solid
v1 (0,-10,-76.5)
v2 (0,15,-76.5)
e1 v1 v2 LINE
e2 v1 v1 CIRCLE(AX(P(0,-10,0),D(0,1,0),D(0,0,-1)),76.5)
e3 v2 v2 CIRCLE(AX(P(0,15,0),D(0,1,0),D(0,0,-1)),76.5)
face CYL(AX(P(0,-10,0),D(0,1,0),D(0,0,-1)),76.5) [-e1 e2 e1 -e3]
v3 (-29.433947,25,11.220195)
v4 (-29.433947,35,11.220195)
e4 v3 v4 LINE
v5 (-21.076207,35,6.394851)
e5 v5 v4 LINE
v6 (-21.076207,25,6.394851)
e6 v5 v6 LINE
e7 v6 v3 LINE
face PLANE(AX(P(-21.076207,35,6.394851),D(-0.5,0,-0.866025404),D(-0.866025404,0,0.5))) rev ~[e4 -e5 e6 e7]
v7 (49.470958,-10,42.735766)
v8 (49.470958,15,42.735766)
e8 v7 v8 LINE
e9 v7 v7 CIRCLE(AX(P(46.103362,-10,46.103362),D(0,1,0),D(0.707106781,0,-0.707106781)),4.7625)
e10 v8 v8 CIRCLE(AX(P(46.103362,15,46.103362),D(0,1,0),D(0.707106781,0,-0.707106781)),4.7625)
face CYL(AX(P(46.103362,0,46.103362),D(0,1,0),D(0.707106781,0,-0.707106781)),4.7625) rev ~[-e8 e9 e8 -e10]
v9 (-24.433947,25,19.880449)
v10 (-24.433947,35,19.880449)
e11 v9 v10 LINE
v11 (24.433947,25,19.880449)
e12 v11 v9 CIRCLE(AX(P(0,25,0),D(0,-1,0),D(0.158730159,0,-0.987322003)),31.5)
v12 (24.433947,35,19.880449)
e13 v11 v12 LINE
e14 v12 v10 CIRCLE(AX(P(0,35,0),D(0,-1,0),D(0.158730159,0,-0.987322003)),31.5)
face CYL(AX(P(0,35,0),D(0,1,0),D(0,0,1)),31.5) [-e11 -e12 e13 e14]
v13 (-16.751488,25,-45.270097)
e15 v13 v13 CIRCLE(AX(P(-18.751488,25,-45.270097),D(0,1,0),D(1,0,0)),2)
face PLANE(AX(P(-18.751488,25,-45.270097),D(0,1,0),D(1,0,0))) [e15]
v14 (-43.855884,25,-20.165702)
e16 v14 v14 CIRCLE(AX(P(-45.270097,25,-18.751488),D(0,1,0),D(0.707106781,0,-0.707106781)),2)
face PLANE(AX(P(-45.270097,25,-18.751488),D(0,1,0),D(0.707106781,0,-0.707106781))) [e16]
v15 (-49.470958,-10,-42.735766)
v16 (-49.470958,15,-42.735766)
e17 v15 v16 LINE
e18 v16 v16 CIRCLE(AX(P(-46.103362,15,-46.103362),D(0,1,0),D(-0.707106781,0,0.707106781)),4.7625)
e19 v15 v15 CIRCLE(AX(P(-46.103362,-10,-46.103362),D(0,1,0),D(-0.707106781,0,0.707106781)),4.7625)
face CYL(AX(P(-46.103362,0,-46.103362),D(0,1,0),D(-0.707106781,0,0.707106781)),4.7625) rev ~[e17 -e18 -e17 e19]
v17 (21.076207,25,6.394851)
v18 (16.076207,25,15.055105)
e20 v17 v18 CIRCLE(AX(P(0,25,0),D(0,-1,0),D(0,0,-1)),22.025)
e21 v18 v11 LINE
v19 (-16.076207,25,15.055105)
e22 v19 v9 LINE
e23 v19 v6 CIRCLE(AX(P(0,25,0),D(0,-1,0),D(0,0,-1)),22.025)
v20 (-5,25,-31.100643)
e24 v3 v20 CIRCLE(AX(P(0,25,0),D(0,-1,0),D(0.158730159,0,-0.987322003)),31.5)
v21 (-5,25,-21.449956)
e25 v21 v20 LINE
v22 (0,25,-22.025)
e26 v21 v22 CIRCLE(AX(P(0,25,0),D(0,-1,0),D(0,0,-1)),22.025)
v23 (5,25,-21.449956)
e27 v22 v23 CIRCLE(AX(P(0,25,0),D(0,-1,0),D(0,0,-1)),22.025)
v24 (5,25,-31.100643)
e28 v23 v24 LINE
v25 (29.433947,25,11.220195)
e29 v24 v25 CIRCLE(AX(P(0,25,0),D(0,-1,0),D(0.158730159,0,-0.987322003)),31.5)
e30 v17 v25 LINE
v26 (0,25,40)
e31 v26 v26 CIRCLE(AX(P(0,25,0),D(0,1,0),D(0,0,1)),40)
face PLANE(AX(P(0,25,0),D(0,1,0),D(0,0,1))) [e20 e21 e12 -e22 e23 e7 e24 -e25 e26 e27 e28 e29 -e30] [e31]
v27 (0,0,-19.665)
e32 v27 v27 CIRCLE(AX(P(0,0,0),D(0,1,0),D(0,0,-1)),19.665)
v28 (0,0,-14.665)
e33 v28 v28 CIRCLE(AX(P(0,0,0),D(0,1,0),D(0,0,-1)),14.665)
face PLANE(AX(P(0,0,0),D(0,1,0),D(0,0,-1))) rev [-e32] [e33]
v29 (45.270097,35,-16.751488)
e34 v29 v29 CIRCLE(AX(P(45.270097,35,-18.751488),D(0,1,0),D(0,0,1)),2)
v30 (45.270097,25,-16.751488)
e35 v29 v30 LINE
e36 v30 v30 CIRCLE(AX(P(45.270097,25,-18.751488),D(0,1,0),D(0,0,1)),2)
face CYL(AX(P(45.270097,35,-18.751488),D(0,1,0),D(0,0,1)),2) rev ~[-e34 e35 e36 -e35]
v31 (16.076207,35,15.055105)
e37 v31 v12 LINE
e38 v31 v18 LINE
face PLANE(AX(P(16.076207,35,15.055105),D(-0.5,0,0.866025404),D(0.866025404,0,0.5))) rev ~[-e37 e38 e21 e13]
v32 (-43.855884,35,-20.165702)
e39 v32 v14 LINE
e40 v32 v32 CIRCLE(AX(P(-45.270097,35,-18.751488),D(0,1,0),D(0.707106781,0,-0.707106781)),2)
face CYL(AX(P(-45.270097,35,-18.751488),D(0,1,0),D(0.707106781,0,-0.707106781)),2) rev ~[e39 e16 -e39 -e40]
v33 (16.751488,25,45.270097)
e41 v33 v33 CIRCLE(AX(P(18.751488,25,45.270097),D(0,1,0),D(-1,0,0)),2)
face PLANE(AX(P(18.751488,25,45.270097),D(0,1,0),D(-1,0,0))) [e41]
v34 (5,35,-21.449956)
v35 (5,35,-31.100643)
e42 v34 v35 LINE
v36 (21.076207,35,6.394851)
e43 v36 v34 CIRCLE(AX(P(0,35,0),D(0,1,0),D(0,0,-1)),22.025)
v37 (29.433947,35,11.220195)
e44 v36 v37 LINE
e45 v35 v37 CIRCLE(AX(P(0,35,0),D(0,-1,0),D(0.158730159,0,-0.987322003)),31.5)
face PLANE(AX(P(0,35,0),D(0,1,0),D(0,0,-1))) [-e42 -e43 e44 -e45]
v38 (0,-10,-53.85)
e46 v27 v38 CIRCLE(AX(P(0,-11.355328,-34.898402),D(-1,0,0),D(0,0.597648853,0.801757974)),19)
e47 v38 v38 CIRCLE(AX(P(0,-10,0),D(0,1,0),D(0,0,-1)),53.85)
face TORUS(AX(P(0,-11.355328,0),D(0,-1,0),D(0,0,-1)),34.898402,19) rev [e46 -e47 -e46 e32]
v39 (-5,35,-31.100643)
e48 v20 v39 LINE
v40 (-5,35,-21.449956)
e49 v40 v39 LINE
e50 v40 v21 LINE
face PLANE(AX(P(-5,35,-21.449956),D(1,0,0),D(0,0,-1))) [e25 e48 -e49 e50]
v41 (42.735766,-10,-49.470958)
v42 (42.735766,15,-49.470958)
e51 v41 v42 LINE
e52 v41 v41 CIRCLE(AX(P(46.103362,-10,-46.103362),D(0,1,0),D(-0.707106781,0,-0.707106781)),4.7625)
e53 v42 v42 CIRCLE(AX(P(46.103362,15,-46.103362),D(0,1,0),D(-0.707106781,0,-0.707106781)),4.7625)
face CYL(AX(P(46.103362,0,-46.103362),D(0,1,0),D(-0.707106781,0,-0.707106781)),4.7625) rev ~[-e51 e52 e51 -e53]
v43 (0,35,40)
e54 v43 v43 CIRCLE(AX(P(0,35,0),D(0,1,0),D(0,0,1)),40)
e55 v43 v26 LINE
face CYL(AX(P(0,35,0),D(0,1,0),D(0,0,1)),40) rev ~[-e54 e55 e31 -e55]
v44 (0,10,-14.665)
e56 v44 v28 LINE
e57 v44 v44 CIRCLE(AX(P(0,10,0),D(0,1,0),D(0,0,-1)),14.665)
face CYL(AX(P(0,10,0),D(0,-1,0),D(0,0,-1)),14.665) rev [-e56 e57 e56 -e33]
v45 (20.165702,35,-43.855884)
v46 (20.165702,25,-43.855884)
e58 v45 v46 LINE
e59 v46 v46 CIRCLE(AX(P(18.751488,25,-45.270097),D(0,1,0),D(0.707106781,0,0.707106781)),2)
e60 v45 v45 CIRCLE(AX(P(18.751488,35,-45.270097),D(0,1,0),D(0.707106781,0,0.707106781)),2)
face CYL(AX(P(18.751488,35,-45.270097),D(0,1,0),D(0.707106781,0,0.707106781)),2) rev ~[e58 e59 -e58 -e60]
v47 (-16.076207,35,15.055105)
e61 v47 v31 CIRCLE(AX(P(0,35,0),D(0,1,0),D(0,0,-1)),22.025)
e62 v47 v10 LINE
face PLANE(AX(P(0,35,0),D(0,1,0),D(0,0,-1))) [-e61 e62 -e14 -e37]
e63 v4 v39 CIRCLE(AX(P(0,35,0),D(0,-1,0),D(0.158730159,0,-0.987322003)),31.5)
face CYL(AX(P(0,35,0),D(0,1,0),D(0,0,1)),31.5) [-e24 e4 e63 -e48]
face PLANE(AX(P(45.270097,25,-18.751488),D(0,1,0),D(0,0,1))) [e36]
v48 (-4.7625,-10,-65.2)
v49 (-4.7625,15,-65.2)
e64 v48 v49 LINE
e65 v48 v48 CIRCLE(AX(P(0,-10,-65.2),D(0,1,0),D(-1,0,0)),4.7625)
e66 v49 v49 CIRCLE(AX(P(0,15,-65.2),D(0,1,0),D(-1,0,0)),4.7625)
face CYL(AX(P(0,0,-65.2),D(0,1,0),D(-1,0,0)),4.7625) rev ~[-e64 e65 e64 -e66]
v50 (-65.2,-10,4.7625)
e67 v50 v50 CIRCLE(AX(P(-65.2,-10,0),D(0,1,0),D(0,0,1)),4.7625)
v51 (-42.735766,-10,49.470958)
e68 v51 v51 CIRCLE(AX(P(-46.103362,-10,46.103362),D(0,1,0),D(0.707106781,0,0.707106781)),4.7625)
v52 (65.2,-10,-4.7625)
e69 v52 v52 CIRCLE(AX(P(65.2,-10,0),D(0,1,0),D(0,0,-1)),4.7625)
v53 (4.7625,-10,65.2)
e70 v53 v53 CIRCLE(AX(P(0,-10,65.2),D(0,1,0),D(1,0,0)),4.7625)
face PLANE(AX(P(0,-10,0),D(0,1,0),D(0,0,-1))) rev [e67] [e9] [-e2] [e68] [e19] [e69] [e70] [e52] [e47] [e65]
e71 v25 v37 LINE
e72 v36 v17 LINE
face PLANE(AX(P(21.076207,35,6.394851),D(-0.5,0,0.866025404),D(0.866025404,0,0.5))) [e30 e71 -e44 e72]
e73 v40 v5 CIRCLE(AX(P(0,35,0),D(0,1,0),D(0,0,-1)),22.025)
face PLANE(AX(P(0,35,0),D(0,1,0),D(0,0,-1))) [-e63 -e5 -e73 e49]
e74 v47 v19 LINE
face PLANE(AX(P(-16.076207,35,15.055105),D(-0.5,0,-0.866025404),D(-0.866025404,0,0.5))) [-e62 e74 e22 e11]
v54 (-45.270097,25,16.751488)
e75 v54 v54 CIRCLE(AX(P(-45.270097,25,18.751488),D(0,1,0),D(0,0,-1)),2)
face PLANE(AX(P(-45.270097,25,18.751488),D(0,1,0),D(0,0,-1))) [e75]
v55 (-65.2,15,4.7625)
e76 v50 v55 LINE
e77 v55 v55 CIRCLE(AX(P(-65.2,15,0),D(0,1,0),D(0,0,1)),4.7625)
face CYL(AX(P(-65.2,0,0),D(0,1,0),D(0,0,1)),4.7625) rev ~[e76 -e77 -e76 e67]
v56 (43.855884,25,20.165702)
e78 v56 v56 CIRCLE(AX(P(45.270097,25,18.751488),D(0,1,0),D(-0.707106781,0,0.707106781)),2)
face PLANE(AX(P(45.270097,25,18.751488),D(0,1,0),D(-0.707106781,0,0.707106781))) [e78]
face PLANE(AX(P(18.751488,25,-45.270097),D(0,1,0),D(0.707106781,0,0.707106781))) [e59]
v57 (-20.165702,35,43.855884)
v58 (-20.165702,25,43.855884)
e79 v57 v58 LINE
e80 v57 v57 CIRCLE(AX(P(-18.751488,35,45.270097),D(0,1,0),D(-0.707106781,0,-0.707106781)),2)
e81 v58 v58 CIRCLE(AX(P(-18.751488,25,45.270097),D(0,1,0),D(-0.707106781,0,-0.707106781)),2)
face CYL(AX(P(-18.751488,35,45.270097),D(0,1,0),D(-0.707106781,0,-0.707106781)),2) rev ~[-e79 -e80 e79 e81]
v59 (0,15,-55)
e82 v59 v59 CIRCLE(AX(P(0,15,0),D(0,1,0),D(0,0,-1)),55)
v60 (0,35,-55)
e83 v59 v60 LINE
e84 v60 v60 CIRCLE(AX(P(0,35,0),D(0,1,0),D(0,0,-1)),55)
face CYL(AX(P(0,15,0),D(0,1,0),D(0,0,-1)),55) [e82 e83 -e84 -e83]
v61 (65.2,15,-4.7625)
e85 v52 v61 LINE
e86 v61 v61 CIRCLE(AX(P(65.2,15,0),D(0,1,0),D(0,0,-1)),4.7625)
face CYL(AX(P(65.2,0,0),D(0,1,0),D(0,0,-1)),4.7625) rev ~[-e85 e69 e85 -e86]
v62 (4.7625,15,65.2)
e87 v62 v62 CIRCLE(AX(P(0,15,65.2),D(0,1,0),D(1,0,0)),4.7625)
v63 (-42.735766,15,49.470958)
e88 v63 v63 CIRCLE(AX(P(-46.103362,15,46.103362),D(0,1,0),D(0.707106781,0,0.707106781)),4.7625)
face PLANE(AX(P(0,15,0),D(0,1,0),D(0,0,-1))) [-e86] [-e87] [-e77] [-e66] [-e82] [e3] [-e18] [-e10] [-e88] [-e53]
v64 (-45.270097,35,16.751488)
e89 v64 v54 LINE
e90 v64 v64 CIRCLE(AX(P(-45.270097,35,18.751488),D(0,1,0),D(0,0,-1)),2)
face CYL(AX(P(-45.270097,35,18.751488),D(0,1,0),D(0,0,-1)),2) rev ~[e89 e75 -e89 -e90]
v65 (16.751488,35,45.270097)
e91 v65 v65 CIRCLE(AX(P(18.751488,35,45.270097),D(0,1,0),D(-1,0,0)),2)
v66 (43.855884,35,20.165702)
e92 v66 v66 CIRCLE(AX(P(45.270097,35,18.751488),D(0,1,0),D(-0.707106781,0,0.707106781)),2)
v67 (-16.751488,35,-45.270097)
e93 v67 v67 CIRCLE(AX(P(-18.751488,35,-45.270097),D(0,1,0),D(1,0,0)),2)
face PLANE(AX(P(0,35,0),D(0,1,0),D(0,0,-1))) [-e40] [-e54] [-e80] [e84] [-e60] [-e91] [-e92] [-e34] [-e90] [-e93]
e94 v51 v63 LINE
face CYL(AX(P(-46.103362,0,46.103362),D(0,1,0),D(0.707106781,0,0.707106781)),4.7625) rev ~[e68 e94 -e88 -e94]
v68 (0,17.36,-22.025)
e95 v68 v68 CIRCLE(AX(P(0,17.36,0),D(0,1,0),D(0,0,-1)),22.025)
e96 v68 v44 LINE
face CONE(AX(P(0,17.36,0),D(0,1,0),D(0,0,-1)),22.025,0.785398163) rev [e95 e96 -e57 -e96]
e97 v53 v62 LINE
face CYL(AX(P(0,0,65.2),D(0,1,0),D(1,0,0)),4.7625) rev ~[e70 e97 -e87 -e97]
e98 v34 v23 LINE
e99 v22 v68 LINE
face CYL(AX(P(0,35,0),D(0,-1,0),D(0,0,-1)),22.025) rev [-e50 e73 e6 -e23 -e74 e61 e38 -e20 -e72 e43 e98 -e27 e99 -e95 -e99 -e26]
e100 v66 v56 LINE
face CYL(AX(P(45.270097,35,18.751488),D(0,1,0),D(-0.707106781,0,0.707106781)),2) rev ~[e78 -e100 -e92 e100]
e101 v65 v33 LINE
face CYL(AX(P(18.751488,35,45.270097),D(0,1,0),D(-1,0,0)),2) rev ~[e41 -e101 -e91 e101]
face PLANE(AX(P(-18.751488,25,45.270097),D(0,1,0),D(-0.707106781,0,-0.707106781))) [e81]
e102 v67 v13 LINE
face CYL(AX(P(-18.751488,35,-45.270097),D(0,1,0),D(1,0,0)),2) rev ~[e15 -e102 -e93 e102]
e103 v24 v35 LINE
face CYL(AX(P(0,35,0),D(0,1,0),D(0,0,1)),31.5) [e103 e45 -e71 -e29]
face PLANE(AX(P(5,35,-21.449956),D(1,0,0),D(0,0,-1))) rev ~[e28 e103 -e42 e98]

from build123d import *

# Parameters (mm, degrees)
SKETCH4_R          = 4.7625
CUT_EXTRUDE2_DEPTH = 114.707959264
CIRPATTERN1_COUNT  = 8
SKETCH6_R          = 40
SKETCH6_R_2        = 31.5
CUT_EXTRUDE3_DEPTH = 10
SKETCH7_W          = 10
SKETCH7_H          = 10.050043706
CUT_EXTRUDE4_DEPTH = 10
CIRPATTERN2_COUNT  = 3
SKETCH9_R          = 2
CUT_EXTRUDE5_DEPTH = 10
CIRPATTERN3_COUNT  = 8


with BuildPart() as part:
    # Sketch3 → Revolve1 (revolve)
    with BuildSketch(Plane(origin=(0, 0, 0), x_dir=(0, 0, -1), z_dir=(1, 0, 0))):
        with BuildLine():
            Line((76.5, 15), (55, 15))
            Line((55, 15), (55, 35))
            Line((55, 35), (22.025, 35))
            Line((22.025, 35), (22.025, 17.36))
            Line((22.025, 17.36), (14.665, 10))
            Line((14.665, 10), (14.665, 0))
            Line((14.665, 0), (19.665, 0))
            ThreePointArc((19.665, 0), (40.232841234, 6.880454009), (53.85, -10))
            Line((53.85, -10), (76.5, -10))
            Line((76.5, -10), (76.5, 15))
        make_face()
    revolve(axis=Axis((0, 0, 0), (0, 1, 0)))

    # Sketch4 → Cut-Extrude2 (cut, symmetric)
    with BuildSketch(Plane(origin=(0, 0, 0), x_dir=(1, 0, 0), z_dir=(0, 1, 0))):
        with Locations(Location((-65.2, 0, 0), (0, 0, 270))):
            Circle(SKETCH4_R)
    cut_extrude2 = extrude(amount=CUT_EXTRUDE2_DEPTH, both=True, mode=Mode.SUBTRACT)

    # CirPattern1: Cut-Extrude2 ×8 about axis
    cirpattern1_axis = Axis((0, 0, 0), (0, 1, 0))
    for i in range(1, CIRPATTERN1_COUNT):
        add(cut_extrude2.rotate(cirpattern1_axis, i * 360 / CIRPATTERN1_COUNT), mode=Mode.SUBTRACT)

    # Sketch6 → Cut-Extrude3 (cut)
    with BuildSketch(Plane(origin=(0, 35, 0), x_dir=(1, 0, 0), z_dir=(0, 1, 0))):
        with Locations(Location((0, 0, 0), (0, 0, 270))):
            Circle(SKETCH6_R)
        with Locations(Location((0, 0, 0), (0, 0, 270))):
            Circle(SKETCH6_R_2, mode=Mode.SUBTRACT)
    extrude(amount=-CUT_EXTRUDE3_DEPTH, mode=Mode.SUBTRACT)

    # Sketch7 → Cut-Extrude4 (cut)
    with BuildSketch(Plane(origin=(0, 35, 0), x_dir=(1, 0, 0), z_dir=(0, 1, 0))):
        with Locations((0, 26.474978147)):
            Rectangle(SKETCH7_W, SKETCH7_H)
    cut_extrude4 = extrude(amount=-CUT_EXTRUDE4_DEPTH, mode=Mode.SUBTRACT)

    # CirPattern2: Cut-Extrude4 ×3 about axis
    cirpattern2_axis = Axis((0, 0, 0), (0, 1, 0))
    for i in range(1, CIRPATTERN2_COUNT):
        add(cut_extrude4.rotate(cirpattern2_axis, i * 360 / CIRPATTERN2_COUNT), mode=Mode.SUBTRACT)

    # Sketch9 → Cut-Extrude5 (cut)
    with BuildSketch(Plane(origin=(0, 35, 0), x_dir=(1, 0, 0), z_dir=(0, 1, 0))):
        with Locations(Location((45.270097093, 18.751488186, 0), (0, 0, 270))):
            Circle(SKETCH9_R)
    cut_extrude5 = extrude(amount=-CUT_EXTRUDE5_DEPTH, mode=Mode.SUBTRACT)

    # CirPattern3: Cut-Extrude5 ×8 about axis
    cirpattern3_axis = Axis((0, 0, 0), (0, 1, 0))
    for i in range(1, CIRPATTERN3_COUNT):
        add(cut_extrude5.rotate(cirpattern3_axis, i * 360 / CIRPATTERN3_COUNT), mode=Mode.SUBTRACT)


solid = part.part
